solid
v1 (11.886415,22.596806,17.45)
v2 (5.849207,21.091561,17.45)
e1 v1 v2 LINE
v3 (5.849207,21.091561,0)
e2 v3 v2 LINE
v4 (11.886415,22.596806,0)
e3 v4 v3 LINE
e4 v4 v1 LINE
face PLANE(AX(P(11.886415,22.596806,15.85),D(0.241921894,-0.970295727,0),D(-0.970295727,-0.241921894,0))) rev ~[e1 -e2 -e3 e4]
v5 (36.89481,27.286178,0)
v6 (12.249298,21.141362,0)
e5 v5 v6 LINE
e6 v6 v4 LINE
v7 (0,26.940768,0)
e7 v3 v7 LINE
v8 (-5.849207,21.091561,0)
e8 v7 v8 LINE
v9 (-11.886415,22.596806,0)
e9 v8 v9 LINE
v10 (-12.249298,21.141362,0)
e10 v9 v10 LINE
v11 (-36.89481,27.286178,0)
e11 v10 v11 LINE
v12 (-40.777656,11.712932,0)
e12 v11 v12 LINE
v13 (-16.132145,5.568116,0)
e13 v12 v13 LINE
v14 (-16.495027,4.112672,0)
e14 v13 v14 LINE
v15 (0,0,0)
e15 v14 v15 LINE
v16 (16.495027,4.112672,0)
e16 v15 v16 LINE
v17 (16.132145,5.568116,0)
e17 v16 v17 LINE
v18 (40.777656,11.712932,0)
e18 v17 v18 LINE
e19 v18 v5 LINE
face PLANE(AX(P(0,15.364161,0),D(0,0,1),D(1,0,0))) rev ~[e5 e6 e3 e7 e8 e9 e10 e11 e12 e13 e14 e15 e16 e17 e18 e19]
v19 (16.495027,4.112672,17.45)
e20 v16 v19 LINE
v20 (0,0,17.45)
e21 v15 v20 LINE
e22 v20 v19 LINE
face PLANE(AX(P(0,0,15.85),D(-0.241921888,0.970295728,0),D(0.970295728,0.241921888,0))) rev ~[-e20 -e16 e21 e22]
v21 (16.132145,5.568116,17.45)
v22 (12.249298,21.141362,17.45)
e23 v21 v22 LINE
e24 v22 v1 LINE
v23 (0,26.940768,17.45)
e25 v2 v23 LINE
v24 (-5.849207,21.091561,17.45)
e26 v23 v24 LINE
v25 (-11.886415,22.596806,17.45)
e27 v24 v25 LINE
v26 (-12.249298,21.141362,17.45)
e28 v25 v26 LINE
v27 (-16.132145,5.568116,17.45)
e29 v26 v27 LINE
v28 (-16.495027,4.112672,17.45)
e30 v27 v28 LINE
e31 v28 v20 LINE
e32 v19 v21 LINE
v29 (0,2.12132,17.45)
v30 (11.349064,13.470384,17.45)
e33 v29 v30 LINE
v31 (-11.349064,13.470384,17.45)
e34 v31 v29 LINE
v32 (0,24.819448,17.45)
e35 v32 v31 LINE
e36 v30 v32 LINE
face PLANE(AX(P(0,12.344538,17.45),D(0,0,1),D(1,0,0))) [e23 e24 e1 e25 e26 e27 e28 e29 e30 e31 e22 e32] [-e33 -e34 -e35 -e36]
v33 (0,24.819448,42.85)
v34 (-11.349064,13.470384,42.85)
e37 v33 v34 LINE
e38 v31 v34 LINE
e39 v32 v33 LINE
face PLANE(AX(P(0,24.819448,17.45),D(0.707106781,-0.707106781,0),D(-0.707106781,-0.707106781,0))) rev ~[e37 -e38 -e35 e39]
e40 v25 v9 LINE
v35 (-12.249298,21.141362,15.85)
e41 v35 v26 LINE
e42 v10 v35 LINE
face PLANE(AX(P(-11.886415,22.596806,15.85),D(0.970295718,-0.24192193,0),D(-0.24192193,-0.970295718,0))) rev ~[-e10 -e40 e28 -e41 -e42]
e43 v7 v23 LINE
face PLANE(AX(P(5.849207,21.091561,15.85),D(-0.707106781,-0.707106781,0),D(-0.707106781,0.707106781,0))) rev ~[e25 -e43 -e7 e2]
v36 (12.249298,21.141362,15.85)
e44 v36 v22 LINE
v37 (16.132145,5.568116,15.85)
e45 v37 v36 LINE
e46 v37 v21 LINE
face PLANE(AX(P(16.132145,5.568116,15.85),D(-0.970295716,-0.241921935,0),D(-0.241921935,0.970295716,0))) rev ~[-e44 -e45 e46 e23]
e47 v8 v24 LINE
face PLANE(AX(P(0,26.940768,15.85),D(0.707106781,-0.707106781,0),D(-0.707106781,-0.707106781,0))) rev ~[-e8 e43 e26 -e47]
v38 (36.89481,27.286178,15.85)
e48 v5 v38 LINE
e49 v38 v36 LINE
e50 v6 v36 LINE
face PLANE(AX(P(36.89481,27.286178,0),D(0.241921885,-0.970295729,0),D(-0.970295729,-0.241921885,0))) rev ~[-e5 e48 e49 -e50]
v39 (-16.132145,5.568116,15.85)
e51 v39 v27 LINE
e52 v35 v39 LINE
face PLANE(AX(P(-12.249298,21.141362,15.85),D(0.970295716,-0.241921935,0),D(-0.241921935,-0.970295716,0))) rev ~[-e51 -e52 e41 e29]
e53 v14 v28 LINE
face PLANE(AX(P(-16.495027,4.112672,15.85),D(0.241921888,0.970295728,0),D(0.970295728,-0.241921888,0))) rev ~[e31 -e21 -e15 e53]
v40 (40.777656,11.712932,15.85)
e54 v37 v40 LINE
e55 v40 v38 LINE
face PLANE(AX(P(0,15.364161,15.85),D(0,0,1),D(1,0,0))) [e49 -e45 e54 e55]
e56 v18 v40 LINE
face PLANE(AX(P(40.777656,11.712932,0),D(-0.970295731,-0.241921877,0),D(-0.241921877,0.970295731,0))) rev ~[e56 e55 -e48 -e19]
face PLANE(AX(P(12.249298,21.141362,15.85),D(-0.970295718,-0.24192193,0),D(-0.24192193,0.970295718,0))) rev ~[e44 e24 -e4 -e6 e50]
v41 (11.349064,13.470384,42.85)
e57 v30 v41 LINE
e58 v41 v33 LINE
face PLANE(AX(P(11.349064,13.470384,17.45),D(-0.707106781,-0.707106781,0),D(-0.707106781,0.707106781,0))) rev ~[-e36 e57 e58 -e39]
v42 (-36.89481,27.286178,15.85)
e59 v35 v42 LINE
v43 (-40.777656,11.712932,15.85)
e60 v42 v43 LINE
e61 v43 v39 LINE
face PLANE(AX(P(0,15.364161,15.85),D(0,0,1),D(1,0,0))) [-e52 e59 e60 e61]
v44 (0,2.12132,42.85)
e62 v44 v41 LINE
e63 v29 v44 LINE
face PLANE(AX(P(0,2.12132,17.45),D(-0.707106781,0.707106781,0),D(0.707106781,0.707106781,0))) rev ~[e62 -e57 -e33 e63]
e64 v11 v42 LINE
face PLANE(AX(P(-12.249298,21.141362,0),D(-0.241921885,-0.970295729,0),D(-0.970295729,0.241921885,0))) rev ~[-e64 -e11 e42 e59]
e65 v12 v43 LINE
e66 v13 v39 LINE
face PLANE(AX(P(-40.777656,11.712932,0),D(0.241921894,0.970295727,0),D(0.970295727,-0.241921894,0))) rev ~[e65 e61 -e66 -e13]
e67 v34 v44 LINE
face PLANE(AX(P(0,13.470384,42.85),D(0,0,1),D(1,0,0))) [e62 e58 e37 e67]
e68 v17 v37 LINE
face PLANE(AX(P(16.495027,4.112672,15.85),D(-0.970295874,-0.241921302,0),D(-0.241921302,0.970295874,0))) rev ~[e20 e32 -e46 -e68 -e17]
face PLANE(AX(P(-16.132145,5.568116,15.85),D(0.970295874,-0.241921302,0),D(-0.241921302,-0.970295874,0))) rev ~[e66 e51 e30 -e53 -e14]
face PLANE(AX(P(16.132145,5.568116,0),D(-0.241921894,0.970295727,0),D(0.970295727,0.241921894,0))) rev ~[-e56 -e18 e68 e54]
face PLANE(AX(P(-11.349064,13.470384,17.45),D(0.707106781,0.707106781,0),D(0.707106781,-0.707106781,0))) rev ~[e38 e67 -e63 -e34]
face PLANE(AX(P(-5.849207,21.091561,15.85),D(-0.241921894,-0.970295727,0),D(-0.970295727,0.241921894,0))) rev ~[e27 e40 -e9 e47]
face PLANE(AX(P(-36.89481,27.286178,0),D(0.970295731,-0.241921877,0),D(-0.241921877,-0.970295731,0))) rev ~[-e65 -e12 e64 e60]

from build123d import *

# Parameters (mm, degrees)
F1_DEPTH = 15.85
F3_DEPTH = 1.6
F5_DEPTH = 25.4


with BuildPart() as f1:
    # F0 (on Top) → F1 (new body)
    with BuildSketch(Plane.XY):
        Polygon((-16.495027, 4.112672), (0, 0), (16.495027, 4.112672), (16.132145, 5.568116), (40.777656, 11.712932), (36.89481, 27.286178), (12.249298, 21.141362), (11.886415, 22.596806), (5.849207, 21.091561), (0, 26.940768), (-5.849207, 21.091561), (-11.886415, 22.596806), (-12.249298, 21.141362), (-36.89481, 27.286178), (-40.777656, 11.712932), (-16.132145, 5.568116), align=None)
    extrude(amount=F1_DEPTH)

    # F2 (on face) → F3 (join)
    with BuildSketch(Plane.XY.offset(15.85)):
        Polygon((-16.132145, 5.568116), (-16.495027, 4.112672), (0, 0), (16.495027, 4.112672), (16.132145, 5.568116), (12.249298, 21.141362), (11.886415, 22.596806), (5.849207, 21.091561), (0, 26.940768), (-5.849207, 21.091561), (-11.886415, 22.596806), (-12.249298, 21.141362), align=None)
    extrude(amount=F3_DEPTH)

    # F4 (on face) → F5 (join)
    with BuildSketch(Plane.XY.offset(17.45)):
        Polygon((-11.349064, 13.470384), (0, 2.12132), (11.349064, 13.470384), (0, 24.819448), align=None)
    extrude(amount=F5_DEPTH)


solid = f1.part
